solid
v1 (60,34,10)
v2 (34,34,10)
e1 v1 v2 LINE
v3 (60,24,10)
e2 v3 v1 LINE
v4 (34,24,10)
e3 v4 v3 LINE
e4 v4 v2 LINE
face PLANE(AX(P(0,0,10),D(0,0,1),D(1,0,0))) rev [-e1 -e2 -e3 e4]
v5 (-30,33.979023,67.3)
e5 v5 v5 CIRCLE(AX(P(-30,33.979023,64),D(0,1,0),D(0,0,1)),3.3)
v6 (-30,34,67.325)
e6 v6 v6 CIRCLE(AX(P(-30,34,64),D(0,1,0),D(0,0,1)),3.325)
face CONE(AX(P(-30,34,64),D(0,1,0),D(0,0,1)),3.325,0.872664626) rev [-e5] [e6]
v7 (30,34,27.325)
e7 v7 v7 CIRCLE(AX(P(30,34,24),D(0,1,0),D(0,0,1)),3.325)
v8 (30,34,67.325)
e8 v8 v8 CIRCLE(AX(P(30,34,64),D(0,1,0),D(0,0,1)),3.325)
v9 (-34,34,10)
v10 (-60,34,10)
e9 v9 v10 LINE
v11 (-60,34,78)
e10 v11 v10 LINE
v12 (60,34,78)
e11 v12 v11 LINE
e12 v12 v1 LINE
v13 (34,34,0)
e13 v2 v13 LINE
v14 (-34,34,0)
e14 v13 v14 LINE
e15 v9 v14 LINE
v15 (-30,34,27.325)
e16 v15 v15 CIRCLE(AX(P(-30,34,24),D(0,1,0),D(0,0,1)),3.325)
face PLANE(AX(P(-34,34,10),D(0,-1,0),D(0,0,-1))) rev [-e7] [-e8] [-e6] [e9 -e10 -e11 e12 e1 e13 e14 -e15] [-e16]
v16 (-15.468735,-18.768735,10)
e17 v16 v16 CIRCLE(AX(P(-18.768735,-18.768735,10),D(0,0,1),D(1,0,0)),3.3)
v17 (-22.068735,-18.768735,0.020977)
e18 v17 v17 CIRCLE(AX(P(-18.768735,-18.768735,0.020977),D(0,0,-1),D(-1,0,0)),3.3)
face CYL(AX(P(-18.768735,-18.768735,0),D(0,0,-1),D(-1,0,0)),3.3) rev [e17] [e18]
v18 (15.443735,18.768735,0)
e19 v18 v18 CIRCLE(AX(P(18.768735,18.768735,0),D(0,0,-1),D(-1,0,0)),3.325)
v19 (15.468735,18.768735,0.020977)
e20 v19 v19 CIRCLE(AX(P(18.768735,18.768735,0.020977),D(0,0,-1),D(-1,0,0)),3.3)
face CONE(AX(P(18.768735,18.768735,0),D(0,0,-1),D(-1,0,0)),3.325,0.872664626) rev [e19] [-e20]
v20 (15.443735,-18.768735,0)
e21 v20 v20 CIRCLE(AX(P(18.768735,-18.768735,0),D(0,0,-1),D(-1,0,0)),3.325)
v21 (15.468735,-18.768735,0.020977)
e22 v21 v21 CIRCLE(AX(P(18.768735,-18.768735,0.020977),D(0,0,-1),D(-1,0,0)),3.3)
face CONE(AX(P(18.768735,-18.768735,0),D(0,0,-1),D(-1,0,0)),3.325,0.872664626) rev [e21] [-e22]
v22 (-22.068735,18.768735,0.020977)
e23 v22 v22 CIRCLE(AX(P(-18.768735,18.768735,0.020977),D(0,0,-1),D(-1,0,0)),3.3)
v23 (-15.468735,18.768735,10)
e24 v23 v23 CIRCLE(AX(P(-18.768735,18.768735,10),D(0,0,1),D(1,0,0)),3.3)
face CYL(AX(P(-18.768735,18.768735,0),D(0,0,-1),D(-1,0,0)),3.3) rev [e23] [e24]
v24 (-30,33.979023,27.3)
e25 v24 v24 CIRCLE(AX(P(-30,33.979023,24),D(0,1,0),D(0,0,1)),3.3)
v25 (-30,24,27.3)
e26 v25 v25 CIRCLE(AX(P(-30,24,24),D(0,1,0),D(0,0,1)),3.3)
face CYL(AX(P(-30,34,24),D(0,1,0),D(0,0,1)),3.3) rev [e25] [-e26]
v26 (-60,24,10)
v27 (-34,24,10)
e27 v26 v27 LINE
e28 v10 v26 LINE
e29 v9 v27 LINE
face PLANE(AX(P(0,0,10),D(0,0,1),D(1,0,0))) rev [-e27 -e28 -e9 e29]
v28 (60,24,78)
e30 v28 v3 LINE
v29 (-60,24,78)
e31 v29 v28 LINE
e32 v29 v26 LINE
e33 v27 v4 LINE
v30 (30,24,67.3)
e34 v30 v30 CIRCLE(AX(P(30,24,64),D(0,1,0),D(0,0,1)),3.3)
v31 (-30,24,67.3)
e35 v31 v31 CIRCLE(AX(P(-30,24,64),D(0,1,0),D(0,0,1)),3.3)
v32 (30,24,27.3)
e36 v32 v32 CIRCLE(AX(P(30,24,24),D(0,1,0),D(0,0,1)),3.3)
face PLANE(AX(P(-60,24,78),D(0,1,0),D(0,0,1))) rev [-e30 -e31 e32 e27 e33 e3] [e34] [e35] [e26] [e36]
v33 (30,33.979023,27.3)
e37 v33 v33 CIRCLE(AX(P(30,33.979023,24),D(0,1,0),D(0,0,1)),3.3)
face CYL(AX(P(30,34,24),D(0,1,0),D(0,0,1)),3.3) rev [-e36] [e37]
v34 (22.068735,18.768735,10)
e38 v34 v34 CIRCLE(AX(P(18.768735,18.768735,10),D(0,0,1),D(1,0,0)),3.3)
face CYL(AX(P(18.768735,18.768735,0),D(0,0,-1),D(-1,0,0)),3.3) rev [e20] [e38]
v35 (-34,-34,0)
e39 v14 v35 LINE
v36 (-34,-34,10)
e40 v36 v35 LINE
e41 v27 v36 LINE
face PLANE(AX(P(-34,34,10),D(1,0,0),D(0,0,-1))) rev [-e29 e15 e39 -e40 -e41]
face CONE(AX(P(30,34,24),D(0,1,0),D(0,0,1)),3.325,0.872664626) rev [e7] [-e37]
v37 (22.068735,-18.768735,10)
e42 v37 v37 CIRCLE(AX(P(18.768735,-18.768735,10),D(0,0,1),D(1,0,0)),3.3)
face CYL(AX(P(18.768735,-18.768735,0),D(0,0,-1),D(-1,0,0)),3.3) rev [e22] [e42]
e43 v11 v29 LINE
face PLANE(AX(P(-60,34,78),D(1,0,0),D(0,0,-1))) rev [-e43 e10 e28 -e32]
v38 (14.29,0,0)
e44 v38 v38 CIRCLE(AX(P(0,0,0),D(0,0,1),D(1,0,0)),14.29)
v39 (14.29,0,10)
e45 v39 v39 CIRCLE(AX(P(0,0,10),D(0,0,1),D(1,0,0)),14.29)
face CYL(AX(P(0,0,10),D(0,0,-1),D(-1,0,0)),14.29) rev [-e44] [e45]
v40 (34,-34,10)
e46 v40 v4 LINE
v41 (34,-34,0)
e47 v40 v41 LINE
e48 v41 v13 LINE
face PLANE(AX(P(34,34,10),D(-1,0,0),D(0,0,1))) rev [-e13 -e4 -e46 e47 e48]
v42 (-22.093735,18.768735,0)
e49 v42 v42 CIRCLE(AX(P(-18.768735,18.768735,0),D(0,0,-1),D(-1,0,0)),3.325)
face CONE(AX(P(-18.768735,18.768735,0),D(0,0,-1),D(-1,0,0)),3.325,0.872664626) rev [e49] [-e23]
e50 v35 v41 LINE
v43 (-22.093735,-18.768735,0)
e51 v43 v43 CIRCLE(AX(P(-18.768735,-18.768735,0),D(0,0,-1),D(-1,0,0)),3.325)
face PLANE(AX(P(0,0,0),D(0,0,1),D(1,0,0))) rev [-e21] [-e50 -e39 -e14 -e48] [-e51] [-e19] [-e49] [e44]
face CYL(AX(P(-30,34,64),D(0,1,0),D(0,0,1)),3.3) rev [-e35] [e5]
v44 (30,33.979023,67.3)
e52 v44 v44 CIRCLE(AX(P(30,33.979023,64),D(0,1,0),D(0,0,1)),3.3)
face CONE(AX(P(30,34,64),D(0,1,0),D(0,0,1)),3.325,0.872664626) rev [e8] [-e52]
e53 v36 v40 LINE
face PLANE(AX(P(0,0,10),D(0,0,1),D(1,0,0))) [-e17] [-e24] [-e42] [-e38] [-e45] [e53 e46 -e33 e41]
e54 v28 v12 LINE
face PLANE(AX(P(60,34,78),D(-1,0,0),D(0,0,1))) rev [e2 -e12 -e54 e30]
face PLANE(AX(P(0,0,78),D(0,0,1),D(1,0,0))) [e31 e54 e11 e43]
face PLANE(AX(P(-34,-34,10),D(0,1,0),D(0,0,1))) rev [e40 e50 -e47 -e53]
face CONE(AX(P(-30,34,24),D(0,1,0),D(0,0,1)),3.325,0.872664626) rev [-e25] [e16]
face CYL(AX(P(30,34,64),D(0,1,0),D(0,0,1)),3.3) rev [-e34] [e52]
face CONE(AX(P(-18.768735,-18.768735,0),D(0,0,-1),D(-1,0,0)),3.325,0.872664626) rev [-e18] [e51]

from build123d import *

# Parameters (mm, degrees)
SKETCH1_W                      = 68
SKETCH1_H                      = 68
SKETCH1_R                      = 14.29
BOSS_EXTRUDE1_DEPTH            = 10
M6_CLEARANCE_HOLE1_D           = 6.6
M6_CLEARANCE_HOLE1_CSINK_D     = 6.65
M6_CLEARANCE_HOLE1_CSINK_ANGLE = 100
SKETCH5_W                      = 120
SKETCH5_H                      = 10
BOSS_EXTRUDE3_DEPTH            = 68
M6_CLEARANCE_HOLE2_D           = 6.6
M6_CLEARANCE_HOLE2_CSINK_D     = 6.65
M6_CLEARANCE_HOLE2_CSINK_ANGLE = 100


with BuildPart() as part:
    # Sketch1 → Boss-Extrude1 (new body)
    with BuildSketch(Plane.XY):
        Rectangle(SKETCH1_W, SKETCH1_H)
        Circle(SKETCH1_R, mode=Mode.SUBTRACT)
    extrude(amount=BOSS_EXTRUDE1_DEPTH)

    # M6 Clearance Hole1 (through all)
    with Locations(Plane(origin=(0, 0, 0), x_dir=(-1, 0, 0), z_dir=(0, 0, -1))):
        with Locations((-18.768735293, 18.768735293), (18.768735293, 18.768735293), (-18.768735293, -18.768735293), (18.768735293, -18.768735293)):
            CounterSinkHole(M6_CLEARANCE_HOLE1_D / 2, M6_CLEARANCE_HOLE1_CSINK_D / 2, counter_sink_angle=M6_CLEARANCE_HOLE1_CSINK_ANGLE)

    # Sketch5 → Boss-Extrude3 (add)
    with BuildSketch(Plane.XY.offset(10)):
        with Locations((0, 29)):
            Rectangle(SKETCH5_W, SKETCH5_H)
    extrude(amount=BOSS_EXTRUDE3_DEPTH)

    # M6 Clearance Hole2 (through all)
    with Locations(Plane(origin=(0, 34, 0), x_dir=(1, 0, 0), z_dir=(0, 1, 0))):
        with Locations((-30, -24), (30, -24), (-30, -64), (30, -64)):
            CounterSinkHole(M6_CLEARANCE_HOLE2_D / 2, M6_CLEARANCE_HOLE2_CSINK_D / 2, counter_sink_angle=M6_CLEARANCE_HOLE2_CSINK_ANGLE)


solid = part.part
